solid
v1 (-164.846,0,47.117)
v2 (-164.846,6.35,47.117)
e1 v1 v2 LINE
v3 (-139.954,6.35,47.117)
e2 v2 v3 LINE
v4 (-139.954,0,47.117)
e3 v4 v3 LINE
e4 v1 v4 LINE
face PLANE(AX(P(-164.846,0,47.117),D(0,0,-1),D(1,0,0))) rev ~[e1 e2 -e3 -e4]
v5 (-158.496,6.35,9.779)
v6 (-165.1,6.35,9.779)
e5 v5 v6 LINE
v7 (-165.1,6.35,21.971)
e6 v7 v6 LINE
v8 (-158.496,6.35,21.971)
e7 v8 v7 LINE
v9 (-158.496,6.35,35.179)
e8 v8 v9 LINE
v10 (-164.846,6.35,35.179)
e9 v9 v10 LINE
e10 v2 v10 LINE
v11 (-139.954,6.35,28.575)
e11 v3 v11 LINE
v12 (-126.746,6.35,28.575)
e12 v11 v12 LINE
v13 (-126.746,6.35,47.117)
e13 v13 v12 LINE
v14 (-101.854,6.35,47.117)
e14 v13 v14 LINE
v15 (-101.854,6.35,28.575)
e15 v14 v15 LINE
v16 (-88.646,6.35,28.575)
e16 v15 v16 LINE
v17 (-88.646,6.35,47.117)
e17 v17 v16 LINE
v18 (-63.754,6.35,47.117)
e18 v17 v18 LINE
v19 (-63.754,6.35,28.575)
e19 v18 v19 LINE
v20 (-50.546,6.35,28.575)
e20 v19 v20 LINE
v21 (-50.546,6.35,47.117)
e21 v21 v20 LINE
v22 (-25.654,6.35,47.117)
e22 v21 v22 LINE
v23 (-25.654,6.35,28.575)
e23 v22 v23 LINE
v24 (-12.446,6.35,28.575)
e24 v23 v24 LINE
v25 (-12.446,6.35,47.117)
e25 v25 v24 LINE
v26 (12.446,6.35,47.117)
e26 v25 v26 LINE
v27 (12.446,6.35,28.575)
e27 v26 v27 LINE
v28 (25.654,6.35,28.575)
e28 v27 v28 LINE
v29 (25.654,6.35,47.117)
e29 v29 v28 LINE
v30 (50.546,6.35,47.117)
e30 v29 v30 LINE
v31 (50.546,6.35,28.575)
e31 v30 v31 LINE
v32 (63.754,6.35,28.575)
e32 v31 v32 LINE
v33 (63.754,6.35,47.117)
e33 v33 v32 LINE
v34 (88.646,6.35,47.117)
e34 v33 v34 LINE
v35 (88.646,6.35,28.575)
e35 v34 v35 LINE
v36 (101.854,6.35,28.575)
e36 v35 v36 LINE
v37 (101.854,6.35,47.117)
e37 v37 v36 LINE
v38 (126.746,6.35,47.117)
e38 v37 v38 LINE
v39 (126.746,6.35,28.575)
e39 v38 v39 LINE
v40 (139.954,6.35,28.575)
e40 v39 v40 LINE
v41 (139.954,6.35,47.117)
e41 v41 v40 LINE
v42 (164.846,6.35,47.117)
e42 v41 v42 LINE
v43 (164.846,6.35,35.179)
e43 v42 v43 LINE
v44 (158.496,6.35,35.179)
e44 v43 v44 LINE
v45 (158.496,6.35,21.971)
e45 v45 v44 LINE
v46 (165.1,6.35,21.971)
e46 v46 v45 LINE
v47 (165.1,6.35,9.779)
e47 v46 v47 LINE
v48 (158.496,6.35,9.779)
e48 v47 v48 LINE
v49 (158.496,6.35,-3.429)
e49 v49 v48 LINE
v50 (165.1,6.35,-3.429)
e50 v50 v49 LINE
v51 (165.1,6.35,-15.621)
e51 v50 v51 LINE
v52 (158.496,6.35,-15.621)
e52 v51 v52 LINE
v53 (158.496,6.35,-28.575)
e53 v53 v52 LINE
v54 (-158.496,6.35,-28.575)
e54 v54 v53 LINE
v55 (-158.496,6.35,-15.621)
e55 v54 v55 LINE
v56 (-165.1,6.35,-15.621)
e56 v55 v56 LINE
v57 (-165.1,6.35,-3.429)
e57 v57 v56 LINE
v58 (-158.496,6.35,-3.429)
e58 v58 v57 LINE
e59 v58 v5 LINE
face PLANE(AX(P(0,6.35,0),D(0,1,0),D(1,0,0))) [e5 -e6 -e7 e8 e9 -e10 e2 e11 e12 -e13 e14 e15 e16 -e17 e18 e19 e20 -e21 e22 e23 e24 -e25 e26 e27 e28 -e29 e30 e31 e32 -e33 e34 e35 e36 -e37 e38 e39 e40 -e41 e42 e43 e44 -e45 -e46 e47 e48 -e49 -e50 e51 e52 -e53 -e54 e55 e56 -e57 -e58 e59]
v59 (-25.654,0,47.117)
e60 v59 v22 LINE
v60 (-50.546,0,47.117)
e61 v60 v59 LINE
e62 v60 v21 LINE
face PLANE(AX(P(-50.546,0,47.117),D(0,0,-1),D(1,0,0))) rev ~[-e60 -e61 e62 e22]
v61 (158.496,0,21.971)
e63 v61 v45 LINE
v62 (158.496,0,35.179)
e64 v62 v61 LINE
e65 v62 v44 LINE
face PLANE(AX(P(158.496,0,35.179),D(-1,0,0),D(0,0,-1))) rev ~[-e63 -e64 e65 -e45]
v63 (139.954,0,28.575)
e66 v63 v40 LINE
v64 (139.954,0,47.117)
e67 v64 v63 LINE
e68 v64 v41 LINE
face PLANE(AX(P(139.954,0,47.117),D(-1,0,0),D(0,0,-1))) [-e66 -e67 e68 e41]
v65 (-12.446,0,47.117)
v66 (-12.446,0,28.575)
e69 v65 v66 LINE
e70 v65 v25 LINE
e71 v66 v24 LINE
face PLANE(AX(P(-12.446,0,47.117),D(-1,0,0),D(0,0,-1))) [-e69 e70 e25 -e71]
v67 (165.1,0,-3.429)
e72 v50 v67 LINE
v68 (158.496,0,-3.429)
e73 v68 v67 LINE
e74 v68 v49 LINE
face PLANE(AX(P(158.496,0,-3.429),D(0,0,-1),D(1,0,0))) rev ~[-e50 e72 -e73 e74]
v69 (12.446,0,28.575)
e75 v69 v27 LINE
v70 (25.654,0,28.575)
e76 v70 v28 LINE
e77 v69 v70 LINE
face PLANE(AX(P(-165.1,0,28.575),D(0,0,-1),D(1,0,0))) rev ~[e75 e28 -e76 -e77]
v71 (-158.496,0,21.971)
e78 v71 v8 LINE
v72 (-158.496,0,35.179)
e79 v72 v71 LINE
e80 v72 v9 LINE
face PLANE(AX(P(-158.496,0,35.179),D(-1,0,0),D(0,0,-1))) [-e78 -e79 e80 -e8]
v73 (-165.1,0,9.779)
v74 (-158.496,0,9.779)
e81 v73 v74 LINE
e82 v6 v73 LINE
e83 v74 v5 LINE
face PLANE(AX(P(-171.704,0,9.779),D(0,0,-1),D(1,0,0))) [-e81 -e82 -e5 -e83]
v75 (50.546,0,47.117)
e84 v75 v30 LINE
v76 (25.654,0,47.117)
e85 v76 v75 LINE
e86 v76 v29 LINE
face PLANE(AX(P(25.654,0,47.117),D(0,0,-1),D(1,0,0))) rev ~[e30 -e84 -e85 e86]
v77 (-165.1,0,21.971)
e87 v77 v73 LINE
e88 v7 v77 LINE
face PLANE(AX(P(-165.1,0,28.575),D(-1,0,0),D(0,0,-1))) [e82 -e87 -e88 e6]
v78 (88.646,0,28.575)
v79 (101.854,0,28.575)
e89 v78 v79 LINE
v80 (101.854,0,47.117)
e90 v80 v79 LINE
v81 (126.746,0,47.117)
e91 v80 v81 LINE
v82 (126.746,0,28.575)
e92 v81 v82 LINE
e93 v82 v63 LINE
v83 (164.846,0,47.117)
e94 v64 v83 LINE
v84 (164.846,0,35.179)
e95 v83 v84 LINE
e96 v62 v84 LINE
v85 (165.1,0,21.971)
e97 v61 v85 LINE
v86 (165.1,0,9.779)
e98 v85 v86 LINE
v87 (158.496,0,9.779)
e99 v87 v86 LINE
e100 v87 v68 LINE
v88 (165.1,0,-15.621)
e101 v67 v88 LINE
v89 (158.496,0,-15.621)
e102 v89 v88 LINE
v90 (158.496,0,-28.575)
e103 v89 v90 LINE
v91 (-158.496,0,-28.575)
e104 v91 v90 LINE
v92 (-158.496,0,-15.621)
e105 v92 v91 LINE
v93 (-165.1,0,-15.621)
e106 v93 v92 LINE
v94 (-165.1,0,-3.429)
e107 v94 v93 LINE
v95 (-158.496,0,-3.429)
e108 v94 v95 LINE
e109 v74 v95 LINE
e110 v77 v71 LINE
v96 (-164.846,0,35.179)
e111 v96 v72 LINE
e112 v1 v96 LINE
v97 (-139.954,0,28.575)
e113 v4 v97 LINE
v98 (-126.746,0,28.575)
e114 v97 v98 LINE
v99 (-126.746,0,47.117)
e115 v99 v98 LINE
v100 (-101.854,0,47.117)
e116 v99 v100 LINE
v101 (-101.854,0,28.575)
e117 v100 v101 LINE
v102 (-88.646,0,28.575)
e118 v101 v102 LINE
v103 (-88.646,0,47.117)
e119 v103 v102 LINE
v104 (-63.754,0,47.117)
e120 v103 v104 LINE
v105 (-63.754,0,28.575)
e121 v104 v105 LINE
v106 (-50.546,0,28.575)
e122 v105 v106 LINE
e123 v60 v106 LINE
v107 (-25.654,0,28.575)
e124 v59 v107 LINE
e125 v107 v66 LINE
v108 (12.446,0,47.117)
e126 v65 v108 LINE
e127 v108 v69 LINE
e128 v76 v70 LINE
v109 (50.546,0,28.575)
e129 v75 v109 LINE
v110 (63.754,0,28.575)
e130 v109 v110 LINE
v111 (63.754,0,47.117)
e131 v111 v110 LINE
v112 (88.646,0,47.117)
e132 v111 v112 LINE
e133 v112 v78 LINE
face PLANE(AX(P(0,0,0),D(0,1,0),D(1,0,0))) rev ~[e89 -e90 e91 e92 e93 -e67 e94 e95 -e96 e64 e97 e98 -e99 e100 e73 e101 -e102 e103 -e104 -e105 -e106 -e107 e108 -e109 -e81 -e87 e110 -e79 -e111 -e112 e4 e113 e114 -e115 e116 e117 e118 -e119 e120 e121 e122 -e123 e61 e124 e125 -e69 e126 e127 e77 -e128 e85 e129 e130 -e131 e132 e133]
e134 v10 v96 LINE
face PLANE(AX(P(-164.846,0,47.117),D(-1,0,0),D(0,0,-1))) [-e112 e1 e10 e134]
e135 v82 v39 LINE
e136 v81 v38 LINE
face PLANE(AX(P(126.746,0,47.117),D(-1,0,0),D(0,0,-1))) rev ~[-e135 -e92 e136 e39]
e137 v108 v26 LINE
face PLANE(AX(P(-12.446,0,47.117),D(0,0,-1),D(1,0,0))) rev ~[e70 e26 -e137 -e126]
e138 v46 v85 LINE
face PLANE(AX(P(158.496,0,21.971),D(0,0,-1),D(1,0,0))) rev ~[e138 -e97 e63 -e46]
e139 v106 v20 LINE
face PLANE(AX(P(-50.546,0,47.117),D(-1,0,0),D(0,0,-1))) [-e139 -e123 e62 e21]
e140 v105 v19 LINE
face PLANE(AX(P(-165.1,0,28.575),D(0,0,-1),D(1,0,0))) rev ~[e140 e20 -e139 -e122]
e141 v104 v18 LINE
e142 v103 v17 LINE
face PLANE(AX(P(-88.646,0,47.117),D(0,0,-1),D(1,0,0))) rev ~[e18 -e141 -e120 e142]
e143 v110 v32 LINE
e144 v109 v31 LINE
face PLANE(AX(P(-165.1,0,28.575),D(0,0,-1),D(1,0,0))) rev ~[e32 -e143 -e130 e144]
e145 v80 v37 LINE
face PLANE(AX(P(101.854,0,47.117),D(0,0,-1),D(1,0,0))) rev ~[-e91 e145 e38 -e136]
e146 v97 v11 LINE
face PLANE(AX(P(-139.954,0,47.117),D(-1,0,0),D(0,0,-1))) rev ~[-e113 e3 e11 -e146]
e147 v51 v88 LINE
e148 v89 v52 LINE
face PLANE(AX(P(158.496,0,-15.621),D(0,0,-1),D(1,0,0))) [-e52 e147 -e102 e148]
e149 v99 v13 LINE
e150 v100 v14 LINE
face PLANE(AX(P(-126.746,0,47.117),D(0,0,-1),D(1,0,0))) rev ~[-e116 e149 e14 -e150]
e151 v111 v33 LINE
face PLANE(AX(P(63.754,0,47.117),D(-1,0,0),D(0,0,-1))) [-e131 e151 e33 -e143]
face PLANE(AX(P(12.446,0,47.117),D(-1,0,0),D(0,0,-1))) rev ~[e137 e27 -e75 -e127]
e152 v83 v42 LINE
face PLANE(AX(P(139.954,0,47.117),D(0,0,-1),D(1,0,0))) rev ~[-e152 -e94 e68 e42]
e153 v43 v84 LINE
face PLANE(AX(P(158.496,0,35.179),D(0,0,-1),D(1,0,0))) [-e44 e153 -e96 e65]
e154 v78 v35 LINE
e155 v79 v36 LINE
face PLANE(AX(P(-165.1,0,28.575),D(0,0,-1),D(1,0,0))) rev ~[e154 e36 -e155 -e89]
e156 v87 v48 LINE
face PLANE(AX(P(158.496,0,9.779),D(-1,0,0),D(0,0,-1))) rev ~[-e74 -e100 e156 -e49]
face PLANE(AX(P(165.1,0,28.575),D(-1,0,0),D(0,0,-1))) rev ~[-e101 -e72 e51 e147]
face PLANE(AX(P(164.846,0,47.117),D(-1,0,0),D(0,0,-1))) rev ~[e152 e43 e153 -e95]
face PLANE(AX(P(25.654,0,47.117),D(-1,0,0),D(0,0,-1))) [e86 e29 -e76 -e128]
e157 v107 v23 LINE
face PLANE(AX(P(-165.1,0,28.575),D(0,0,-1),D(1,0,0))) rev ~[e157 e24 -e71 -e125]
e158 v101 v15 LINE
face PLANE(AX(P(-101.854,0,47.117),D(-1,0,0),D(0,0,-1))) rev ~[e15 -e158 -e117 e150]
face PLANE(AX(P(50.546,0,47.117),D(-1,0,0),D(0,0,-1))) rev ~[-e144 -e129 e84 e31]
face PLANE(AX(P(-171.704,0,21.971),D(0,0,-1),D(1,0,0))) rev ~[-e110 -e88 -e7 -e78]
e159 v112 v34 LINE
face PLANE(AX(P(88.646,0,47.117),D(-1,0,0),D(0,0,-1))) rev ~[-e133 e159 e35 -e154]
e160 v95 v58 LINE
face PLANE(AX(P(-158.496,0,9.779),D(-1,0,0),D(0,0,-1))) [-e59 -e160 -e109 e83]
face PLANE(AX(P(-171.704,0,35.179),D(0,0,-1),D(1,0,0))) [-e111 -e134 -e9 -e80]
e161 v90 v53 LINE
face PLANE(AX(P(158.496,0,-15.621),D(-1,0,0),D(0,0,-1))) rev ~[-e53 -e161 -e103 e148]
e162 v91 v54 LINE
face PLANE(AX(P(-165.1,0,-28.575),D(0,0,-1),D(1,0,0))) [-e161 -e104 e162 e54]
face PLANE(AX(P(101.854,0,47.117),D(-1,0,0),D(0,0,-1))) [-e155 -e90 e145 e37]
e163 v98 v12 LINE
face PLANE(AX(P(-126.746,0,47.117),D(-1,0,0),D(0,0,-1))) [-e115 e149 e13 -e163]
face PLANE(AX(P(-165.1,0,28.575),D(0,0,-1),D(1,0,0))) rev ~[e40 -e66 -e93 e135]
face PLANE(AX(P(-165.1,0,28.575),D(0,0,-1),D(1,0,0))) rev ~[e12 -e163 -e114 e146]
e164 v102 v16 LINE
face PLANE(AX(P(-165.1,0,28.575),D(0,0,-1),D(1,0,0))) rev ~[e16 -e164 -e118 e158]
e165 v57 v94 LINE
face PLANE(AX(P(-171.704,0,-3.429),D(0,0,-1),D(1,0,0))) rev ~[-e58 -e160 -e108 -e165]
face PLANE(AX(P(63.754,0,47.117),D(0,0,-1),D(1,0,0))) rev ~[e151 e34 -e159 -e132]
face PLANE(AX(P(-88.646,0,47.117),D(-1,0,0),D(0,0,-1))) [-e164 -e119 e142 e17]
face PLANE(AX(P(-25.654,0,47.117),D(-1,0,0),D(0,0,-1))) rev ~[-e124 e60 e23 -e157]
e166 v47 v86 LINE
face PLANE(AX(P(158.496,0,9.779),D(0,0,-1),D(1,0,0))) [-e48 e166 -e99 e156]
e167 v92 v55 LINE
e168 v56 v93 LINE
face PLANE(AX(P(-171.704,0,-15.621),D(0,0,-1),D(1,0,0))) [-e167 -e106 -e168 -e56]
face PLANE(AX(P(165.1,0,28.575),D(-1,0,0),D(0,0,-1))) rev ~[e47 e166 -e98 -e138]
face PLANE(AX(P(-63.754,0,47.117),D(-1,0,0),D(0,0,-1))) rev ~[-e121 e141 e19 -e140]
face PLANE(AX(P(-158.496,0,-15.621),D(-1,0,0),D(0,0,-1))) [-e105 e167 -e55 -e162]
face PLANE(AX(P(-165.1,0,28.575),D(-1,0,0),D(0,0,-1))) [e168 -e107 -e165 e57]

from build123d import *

# Parameters (mm, degrees)
SKETCH1_W           = 330.2
SKETCH1_H           = 57.15
BOSS_EXTRUDE1_DEPTH = 6.35
SKETCH3_W           = 24.892
SKETCH3_H           = 18.542
BOSS_EXTRUDE2_DEPTH = 6.35
SKETCH4_W           = 13.208
SKETCH4_H           = 13.208
CUT_EXTRUDE2_DEPTH  = 172.809034073


with BuildPart() as part:
    # Sketch1 → Boss-Extrude1 (new body)
    with BuildSketch(Plane(origin=(0, 0, 0), x_dir=(1, 0, 0), z_dir=(0, 1, 0))):
        Rectangle(SKETCH1_W, SKETCH1_H)
    extrude(amount=BOSS_EXTRUDE1_DEPTH)

    # Sketch3 → Boss-Extrude2 (add)
    with BuildSketch(Plane(origin=(0, 0, 0), x_dir=(1, 0, 0), z_dir=(0, 1, 0))):
        with Locations((-114.3, -37.846)):
            Rectangle(SKETCH3_W, SKETCH3_H)
        with Locations((-76.2, -37.846)):
            Rectangle(SKETCH3_W, SKETCH3_H)
        with Locations((-38.1, -37.846)):
            Rectangle(SKETCH3_W, SKETCH3_H)
        with Locations((0, -37.846)):
            Rectangle(SKETCH3_W, SKETCH3_H)
        with Locations((38.1, -37.846)):
            Rectangle(SKETCH3_W, SKETCH3_H)
        with Locations((76.2, -37.846)):
            Rectangle(SKETCH3_W, SKETCH3_H)
        with Locations((114.3, -37.846)):
            Rectangle(SKETCH3_W, SKETCH3_H)
        with Locations((152.4, -37.846)):
            Rectangle(SKETCH3_W, SKETCH3_H)
        with Locations((-152.4, -37.846)):
            Rectangle(SKETCH3_W, SKETCH3_H)
    extrude(amount=BOSS_EXTRUDE2_DEPTH)

    # Sketch4 → Cut-Extrude2 (cut, through all)
    with BuildSketch(Plane(origin=(0, 0, 0), x_dir=(1, 0, 0), z_dir=(0, 1, 0))):
        with Locations((165.1, 22.225)):
            Rectangle(SKETCH4_W, SKETCH4_H)
        with Locations((-165.1, -28.575)):
            Rectangle(SKETCH4_W, SKETCH4_H)
        with Locations((165.1, -3.175)):
            Rectangle(SKETCH4_W, SKETCH4_H)
        with Locations((165.1, -28.575)):
            Rectangle(SKETCH4_W, SKETCH4_H)
        with Locations((-165.1, -3.175)):
            Rectangle(SKETCH4_W, SKETCH4_H)
        with Locations((-165.1, 22.225)):
            Rectangle(SKETCH4_W, SKETCH4_H)
    extrude(amount=CUT_EXTRUDE2_DEPTH, mode=Mode.SUBTRACT)


solid = part.part
